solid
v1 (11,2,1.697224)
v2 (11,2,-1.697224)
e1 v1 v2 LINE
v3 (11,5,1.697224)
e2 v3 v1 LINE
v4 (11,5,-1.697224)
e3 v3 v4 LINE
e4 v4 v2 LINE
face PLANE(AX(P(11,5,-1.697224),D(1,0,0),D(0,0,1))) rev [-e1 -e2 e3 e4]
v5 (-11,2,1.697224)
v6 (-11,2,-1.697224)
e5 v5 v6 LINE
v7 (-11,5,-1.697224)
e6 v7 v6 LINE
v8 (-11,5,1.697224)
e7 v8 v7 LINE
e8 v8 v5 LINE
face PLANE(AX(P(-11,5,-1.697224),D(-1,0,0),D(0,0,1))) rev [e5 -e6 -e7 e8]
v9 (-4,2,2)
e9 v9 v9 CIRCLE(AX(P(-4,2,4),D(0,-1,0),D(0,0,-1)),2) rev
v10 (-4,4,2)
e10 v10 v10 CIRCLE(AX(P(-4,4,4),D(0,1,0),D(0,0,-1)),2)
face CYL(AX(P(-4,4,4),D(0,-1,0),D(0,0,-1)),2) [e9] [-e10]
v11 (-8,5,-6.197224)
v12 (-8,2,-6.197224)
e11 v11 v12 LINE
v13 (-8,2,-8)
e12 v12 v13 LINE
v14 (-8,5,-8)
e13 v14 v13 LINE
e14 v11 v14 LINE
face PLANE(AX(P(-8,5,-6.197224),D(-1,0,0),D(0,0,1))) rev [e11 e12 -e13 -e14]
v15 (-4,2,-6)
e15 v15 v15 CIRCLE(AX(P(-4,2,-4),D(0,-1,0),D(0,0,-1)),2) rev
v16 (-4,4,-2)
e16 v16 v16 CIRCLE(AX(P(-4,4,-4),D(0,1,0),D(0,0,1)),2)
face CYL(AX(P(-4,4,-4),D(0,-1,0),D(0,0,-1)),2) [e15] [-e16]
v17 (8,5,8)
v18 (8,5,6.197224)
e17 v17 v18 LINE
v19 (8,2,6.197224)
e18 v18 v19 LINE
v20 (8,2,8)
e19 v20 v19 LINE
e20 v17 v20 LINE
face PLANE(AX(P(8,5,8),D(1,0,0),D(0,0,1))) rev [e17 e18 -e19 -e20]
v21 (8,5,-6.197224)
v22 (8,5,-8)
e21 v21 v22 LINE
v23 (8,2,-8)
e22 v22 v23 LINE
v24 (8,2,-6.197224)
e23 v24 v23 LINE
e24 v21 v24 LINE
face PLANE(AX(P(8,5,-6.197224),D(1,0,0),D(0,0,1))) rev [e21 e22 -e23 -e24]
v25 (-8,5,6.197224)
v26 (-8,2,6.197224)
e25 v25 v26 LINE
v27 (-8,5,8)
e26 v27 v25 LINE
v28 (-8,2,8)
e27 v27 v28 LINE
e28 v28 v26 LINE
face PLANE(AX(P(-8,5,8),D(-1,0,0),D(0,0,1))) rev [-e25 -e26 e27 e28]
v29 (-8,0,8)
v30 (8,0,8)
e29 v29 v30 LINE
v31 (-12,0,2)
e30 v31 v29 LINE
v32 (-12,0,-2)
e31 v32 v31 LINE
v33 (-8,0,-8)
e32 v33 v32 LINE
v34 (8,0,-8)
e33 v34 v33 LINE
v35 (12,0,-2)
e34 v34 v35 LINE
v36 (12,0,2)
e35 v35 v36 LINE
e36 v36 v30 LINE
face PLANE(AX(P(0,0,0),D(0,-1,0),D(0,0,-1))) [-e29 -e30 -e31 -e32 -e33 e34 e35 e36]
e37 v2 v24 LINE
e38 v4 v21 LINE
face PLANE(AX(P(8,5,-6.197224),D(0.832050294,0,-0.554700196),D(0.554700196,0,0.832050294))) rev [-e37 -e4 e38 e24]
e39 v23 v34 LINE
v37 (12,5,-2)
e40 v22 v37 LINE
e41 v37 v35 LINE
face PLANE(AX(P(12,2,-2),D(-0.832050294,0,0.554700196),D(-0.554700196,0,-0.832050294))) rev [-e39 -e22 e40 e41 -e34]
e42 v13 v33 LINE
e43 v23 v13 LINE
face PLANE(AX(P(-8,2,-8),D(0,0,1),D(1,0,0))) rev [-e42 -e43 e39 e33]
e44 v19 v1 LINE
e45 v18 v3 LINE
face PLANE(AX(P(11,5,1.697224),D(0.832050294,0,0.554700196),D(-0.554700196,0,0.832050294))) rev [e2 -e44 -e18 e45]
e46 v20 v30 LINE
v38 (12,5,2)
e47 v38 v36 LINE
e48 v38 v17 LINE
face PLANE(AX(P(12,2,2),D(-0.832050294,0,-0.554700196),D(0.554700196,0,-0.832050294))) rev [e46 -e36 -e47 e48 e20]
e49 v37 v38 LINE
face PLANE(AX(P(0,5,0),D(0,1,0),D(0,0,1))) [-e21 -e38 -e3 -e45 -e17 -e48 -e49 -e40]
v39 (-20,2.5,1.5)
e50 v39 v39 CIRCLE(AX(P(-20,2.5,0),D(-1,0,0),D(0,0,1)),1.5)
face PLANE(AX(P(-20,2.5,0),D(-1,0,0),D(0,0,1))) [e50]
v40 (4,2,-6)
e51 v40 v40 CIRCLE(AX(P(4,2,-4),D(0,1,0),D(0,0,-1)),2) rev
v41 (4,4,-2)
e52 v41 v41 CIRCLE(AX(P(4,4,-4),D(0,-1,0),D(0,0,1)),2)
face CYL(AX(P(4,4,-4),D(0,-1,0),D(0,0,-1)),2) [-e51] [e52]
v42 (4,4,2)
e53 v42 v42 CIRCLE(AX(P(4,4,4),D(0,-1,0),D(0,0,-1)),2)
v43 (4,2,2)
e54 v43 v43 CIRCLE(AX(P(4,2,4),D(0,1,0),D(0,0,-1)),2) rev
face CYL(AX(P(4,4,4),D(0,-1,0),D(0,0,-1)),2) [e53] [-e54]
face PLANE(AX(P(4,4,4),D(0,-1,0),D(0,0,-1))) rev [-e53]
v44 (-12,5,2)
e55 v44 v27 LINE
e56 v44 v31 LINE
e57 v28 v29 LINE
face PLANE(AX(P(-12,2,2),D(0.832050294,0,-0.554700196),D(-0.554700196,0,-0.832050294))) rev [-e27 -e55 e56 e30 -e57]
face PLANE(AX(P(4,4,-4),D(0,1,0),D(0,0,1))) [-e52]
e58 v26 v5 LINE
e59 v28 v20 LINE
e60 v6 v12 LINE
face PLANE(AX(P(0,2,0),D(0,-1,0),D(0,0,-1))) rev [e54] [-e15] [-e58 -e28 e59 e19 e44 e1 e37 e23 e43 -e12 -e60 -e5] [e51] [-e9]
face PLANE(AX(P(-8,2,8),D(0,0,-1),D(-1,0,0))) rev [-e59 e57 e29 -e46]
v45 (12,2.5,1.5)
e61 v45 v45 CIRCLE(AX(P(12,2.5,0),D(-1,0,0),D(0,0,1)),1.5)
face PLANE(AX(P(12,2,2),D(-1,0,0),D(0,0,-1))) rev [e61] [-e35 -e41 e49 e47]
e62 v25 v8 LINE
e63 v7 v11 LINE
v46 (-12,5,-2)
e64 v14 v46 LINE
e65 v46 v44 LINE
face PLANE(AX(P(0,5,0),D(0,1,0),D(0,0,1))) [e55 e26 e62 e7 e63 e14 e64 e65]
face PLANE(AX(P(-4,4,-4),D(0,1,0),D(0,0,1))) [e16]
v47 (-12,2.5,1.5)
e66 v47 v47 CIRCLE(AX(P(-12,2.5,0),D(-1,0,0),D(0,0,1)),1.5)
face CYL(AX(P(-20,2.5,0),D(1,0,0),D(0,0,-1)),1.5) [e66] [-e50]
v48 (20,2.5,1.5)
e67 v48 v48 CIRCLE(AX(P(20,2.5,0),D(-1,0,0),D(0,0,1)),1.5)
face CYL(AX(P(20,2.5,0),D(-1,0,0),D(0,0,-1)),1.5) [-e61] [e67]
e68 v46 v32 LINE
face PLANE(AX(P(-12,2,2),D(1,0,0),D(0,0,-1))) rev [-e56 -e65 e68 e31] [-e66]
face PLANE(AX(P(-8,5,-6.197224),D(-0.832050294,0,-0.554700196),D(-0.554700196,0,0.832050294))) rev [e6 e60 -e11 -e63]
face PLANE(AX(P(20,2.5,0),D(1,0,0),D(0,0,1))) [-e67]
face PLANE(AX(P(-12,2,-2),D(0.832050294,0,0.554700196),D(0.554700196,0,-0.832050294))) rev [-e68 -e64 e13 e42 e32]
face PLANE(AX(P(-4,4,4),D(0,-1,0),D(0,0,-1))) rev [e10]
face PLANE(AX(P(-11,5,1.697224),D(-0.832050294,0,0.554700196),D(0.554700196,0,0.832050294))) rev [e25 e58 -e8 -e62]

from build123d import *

# Parameters (mm, degrees)
BOSS_EXTRUDE1_DEPTH = 2
SKETCH2_R           = 2
BOSS_EXTRUDE2_DEPTH = 2
BOSS_EXTRUDE3_DEPTH = 3
SKETCH4_R           = 1.5
BOSS_EXTRUDE4_DEPTH = 8


with BuildPart() as part:
    # Sketch1 → Boss-Extrude1 (new body)
    with BuildSketch(Plane(origin=(0, 0, 0), x_dir=(1, 0, 0), z_dir=(0, 1, 0))):
        Polygon((-12, -2), (-12, 2), (-8, 8), (0, 8), (0, -8), (-8, -8), align=None)
    extrude(amount=BOSS_EXTRUDE1_DEPTH)

    # Sketch2 → Boss-Extrude2 (add)
    with BuildSketch(Plane(origin=(0, 2, 0), x_dir=(1, 0, 0), z_dir=(0, 1, 0))):
        with Locations((-4, 4)):
            Circle(SKETCH2_R)
        with Locations((-4, -4)):
            Circle(SKETCH2_R)
    extrude(amount=BOSS_EXTRUDE2_DEPTH)

    # Sketch3 → Boss-Extrude3 (add)
    with BuildSketch(Plane(origin=(0, 2, 0), x_dir=(1, 0, 0), z_dir=(0, 1, 0))):
        Polygon((-12, -2), (-8, -8), (-8, -6.197224362), (-11, -1.697224362), (-11, 1.697224362), (-8, 6.197224362), (-8, 8), (-12, 2), align=None)
    extrude(amount=BOSS_EXTRUDE3_DEPTH)

    # Sketch4 → Boss-Extrude4 (add)
    with BuildSketch(Plane.ZY.offset(12)):
        with Locations((0, 2.5)):
            Circle(SKETCH4_R)
    extrude(amount=BOSS_EXTRUDE4_DEPTH)

    # Mirror2: part across plane


with BuildPart() as part_1:
    add(part.part)
    add(part.part.mirror(Plane(origin=(0, 0, 0), x_dir=(0, 0, 1), z_dir=(1, 0, 0))))


solid = part_1.part
